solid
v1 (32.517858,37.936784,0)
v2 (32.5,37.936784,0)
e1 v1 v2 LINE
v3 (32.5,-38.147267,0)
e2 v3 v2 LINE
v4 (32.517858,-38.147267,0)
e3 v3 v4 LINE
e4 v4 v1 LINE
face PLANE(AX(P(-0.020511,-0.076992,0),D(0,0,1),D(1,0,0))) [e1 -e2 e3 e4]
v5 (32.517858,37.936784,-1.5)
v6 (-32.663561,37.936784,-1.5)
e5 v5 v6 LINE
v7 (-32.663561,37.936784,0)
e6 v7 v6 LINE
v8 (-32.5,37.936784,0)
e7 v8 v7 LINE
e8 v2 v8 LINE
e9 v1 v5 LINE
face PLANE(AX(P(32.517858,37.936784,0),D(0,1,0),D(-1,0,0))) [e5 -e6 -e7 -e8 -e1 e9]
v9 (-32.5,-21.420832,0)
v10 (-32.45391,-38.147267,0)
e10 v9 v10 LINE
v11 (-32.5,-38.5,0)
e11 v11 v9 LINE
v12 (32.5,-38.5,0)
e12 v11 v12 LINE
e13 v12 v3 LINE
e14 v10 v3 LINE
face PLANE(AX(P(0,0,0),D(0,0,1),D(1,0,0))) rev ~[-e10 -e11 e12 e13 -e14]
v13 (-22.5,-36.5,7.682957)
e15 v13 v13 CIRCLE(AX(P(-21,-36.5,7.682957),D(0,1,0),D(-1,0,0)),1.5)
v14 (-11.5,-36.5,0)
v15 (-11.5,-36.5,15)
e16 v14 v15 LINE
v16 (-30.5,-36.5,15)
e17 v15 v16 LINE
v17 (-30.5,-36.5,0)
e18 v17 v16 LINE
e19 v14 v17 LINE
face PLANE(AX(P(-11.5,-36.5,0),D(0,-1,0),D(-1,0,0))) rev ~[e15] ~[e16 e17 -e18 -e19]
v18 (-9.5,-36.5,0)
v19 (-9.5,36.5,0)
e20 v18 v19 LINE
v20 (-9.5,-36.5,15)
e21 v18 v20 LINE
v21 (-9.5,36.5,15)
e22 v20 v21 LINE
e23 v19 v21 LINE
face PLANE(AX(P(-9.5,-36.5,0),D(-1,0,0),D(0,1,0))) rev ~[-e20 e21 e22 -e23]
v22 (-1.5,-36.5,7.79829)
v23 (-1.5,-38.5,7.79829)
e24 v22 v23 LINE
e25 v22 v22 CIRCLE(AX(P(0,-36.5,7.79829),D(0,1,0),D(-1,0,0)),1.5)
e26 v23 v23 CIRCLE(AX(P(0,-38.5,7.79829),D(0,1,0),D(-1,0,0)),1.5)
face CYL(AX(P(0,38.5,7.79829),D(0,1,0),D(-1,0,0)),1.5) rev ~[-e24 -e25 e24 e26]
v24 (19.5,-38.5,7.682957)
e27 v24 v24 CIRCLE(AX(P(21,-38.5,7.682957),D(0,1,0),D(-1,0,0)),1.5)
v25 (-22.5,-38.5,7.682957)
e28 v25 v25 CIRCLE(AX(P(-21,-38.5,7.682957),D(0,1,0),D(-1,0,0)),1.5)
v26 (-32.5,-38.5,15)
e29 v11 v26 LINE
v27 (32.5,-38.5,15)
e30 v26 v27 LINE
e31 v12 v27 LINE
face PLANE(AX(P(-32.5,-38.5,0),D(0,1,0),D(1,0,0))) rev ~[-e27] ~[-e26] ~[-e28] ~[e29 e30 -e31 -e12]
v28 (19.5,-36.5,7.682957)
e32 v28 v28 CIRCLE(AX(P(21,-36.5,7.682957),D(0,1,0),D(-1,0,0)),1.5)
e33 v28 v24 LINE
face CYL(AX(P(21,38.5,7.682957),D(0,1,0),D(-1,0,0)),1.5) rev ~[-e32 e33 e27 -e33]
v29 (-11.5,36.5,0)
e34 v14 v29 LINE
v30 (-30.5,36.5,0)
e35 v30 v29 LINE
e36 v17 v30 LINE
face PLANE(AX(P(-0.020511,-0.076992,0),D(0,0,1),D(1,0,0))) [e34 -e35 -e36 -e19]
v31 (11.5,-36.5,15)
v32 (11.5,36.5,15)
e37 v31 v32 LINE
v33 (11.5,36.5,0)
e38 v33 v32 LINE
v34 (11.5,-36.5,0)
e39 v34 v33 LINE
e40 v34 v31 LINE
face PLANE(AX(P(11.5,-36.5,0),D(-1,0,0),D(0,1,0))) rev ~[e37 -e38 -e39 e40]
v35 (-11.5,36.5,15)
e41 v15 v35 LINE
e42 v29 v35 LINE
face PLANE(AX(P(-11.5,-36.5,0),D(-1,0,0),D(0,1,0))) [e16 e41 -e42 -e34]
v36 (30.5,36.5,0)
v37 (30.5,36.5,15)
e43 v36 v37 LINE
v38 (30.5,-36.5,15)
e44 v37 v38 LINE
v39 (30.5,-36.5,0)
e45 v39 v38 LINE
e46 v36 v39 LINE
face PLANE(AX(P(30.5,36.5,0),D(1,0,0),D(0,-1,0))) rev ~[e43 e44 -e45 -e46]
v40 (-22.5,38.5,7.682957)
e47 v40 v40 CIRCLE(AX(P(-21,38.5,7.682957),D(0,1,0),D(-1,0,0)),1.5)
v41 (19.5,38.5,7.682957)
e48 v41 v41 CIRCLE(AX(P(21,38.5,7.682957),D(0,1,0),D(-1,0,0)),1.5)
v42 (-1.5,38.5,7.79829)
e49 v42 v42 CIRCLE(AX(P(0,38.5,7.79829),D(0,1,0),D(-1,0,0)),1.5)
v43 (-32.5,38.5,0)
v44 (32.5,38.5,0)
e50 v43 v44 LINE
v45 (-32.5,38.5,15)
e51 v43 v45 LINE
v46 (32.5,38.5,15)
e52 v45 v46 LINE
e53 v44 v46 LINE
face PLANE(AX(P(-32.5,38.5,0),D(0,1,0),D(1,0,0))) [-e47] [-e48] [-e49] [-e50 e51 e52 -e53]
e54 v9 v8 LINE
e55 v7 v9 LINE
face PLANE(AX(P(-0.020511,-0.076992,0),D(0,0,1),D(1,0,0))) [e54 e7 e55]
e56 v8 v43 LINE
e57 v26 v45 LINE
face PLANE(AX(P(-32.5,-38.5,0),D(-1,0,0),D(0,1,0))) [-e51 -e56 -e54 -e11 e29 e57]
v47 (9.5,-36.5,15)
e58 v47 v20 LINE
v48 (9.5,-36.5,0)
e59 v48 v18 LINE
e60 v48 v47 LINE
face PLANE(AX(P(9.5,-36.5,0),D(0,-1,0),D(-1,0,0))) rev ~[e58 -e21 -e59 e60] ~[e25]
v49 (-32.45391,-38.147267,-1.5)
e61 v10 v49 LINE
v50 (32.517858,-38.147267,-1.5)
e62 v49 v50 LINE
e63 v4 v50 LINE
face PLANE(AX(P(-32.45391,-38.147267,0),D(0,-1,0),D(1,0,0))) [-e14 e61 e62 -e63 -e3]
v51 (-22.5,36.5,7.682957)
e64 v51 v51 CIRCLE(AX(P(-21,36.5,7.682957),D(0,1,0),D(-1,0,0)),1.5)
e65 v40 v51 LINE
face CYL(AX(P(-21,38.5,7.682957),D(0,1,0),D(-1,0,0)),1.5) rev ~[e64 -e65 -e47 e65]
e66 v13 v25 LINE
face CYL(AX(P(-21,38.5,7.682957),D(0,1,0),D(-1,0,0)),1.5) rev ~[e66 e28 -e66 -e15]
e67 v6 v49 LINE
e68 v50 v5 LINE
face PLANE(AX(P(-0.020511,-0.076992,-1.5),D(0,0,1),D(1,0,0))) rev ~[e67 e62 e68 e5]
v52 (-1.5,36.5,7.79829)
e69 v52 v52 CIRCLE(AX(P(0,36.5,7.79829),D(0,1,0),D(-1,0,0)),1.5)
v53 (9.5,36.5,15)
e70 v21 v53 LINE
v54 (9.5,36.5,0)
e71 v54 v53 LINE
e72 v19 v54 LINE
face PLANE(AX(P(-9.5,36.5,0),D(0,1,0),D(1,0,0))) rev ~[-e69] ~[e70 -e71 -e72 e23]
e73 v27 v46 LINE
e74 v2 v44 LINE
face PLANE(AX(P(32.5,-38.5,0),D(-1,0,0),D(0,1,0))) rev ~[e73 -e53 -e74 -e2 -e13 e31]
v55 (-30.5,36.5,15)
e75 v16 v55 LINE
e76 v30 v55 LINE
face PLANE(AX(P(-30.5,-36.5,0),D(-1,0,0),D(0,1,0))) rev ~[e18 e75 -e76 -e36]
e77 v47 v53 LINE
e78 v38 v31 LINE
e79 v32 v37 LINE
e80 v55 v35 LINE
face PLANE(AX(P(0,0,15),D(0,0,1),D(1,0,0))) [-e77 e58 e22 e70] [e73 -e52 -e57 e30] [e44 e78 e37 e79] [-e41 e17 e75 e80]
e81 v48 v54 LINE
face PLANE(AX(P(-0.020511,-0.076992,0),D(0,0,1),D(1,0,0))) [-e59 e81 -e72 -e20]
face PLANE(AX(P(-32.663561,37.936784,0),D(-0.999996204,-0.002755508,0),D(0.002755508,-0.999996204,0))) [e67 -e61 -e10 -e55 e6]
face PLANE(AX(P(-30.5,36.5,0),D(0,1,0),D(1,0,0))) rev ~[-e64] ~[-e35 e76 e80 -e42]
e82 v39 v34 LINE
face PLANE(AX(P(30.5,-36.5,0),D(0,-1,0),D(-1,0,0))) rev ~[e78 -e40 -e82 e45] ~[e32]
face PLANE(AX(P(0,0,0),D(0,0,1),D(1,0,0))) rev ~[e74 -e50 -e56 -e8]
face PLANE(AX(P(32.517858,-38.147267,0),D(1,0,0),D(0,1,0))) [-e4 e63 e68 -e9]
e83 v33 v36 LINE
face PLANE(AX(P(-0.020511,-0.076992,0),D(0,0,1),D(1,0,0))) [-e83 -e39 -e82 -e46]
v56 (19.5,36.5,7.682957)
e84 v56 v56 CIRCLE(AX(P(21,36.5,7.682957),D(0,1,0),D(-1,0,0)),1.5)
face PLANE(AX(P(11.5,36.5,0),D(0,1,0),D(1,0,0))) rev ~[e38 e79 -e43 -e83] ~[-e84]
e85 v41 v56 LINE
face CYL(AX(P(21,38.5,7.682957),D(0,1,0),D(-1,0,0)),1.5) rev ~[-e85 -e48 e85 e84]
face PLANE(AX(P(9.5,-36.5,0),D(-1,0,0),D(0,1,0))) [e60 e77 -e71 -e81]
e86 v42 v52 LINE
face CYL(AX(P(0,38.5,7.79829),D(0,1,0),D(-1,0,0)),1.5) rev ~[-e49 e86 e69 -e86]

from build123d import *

# Parameters (mm, degrees)
F0_W     = 65
F0_H     = 77
F0_W_2   = 2
F0_H_2   = 73
F1_DEPTH = 15
F3_DEPTH = 1.5
F5_R     = 1.5
F6_DEPTH = 80


with BuildPart() as f1:
    # F0 (on Top) → F1 (new body)
    with BuildSketch(Plane.XY):
        Rectangle(F0_W, F0_H)
        Polygon((11.5, 36.5), (30.5, 36.5), (30.5, -36.5), (11.5, -36.5), (9.5, -36.5), (-9.5, -36.5), (-11.5, -36.5), (-30.5, -36.5), (-30.5, 36.5), (-11.5, 36.5), (-9.5, 36.5), (9.5, 36.5), align=None, mode=Mode.SUBTRACT)
        with Locations((-10.5, 0)):
            Rectangle(F0_W_2, F0_H_2)
        with Locations((10.5, 0)):
            Rectangle(F0_W_2, F0_H_2)
    extrude(amount=F1_DEPTH)

    # F2 (on Top) → F3 (join)
    with BuildSketch(Plane.XY):
        Polygon((-32.663561, 37.936784), (-32.45391, -38.147267), (32.517858, -38.147267), (32.517858, 37.936784), align=None)
    extrude(amount=-F3_DEPTH)

    # F5 (on face) → F6 (cut)
    with BuildSketch(Plane(origin=(0, 38.5, 0), x_dir=(-1, 0, 0), z_dir=(0, 1, 0))):
        with Locations((-21, 7.682957)):
            Circle(F5_R)
        with Locations((0, 7.79829)):
            Circle(F5_R)
        with Locations((21, 7.682957)):
            Circle(F5_R)
    extrude(amount=-F6_DEPTH, mode=Mode.SUBTRACT)


solid = f1.part
